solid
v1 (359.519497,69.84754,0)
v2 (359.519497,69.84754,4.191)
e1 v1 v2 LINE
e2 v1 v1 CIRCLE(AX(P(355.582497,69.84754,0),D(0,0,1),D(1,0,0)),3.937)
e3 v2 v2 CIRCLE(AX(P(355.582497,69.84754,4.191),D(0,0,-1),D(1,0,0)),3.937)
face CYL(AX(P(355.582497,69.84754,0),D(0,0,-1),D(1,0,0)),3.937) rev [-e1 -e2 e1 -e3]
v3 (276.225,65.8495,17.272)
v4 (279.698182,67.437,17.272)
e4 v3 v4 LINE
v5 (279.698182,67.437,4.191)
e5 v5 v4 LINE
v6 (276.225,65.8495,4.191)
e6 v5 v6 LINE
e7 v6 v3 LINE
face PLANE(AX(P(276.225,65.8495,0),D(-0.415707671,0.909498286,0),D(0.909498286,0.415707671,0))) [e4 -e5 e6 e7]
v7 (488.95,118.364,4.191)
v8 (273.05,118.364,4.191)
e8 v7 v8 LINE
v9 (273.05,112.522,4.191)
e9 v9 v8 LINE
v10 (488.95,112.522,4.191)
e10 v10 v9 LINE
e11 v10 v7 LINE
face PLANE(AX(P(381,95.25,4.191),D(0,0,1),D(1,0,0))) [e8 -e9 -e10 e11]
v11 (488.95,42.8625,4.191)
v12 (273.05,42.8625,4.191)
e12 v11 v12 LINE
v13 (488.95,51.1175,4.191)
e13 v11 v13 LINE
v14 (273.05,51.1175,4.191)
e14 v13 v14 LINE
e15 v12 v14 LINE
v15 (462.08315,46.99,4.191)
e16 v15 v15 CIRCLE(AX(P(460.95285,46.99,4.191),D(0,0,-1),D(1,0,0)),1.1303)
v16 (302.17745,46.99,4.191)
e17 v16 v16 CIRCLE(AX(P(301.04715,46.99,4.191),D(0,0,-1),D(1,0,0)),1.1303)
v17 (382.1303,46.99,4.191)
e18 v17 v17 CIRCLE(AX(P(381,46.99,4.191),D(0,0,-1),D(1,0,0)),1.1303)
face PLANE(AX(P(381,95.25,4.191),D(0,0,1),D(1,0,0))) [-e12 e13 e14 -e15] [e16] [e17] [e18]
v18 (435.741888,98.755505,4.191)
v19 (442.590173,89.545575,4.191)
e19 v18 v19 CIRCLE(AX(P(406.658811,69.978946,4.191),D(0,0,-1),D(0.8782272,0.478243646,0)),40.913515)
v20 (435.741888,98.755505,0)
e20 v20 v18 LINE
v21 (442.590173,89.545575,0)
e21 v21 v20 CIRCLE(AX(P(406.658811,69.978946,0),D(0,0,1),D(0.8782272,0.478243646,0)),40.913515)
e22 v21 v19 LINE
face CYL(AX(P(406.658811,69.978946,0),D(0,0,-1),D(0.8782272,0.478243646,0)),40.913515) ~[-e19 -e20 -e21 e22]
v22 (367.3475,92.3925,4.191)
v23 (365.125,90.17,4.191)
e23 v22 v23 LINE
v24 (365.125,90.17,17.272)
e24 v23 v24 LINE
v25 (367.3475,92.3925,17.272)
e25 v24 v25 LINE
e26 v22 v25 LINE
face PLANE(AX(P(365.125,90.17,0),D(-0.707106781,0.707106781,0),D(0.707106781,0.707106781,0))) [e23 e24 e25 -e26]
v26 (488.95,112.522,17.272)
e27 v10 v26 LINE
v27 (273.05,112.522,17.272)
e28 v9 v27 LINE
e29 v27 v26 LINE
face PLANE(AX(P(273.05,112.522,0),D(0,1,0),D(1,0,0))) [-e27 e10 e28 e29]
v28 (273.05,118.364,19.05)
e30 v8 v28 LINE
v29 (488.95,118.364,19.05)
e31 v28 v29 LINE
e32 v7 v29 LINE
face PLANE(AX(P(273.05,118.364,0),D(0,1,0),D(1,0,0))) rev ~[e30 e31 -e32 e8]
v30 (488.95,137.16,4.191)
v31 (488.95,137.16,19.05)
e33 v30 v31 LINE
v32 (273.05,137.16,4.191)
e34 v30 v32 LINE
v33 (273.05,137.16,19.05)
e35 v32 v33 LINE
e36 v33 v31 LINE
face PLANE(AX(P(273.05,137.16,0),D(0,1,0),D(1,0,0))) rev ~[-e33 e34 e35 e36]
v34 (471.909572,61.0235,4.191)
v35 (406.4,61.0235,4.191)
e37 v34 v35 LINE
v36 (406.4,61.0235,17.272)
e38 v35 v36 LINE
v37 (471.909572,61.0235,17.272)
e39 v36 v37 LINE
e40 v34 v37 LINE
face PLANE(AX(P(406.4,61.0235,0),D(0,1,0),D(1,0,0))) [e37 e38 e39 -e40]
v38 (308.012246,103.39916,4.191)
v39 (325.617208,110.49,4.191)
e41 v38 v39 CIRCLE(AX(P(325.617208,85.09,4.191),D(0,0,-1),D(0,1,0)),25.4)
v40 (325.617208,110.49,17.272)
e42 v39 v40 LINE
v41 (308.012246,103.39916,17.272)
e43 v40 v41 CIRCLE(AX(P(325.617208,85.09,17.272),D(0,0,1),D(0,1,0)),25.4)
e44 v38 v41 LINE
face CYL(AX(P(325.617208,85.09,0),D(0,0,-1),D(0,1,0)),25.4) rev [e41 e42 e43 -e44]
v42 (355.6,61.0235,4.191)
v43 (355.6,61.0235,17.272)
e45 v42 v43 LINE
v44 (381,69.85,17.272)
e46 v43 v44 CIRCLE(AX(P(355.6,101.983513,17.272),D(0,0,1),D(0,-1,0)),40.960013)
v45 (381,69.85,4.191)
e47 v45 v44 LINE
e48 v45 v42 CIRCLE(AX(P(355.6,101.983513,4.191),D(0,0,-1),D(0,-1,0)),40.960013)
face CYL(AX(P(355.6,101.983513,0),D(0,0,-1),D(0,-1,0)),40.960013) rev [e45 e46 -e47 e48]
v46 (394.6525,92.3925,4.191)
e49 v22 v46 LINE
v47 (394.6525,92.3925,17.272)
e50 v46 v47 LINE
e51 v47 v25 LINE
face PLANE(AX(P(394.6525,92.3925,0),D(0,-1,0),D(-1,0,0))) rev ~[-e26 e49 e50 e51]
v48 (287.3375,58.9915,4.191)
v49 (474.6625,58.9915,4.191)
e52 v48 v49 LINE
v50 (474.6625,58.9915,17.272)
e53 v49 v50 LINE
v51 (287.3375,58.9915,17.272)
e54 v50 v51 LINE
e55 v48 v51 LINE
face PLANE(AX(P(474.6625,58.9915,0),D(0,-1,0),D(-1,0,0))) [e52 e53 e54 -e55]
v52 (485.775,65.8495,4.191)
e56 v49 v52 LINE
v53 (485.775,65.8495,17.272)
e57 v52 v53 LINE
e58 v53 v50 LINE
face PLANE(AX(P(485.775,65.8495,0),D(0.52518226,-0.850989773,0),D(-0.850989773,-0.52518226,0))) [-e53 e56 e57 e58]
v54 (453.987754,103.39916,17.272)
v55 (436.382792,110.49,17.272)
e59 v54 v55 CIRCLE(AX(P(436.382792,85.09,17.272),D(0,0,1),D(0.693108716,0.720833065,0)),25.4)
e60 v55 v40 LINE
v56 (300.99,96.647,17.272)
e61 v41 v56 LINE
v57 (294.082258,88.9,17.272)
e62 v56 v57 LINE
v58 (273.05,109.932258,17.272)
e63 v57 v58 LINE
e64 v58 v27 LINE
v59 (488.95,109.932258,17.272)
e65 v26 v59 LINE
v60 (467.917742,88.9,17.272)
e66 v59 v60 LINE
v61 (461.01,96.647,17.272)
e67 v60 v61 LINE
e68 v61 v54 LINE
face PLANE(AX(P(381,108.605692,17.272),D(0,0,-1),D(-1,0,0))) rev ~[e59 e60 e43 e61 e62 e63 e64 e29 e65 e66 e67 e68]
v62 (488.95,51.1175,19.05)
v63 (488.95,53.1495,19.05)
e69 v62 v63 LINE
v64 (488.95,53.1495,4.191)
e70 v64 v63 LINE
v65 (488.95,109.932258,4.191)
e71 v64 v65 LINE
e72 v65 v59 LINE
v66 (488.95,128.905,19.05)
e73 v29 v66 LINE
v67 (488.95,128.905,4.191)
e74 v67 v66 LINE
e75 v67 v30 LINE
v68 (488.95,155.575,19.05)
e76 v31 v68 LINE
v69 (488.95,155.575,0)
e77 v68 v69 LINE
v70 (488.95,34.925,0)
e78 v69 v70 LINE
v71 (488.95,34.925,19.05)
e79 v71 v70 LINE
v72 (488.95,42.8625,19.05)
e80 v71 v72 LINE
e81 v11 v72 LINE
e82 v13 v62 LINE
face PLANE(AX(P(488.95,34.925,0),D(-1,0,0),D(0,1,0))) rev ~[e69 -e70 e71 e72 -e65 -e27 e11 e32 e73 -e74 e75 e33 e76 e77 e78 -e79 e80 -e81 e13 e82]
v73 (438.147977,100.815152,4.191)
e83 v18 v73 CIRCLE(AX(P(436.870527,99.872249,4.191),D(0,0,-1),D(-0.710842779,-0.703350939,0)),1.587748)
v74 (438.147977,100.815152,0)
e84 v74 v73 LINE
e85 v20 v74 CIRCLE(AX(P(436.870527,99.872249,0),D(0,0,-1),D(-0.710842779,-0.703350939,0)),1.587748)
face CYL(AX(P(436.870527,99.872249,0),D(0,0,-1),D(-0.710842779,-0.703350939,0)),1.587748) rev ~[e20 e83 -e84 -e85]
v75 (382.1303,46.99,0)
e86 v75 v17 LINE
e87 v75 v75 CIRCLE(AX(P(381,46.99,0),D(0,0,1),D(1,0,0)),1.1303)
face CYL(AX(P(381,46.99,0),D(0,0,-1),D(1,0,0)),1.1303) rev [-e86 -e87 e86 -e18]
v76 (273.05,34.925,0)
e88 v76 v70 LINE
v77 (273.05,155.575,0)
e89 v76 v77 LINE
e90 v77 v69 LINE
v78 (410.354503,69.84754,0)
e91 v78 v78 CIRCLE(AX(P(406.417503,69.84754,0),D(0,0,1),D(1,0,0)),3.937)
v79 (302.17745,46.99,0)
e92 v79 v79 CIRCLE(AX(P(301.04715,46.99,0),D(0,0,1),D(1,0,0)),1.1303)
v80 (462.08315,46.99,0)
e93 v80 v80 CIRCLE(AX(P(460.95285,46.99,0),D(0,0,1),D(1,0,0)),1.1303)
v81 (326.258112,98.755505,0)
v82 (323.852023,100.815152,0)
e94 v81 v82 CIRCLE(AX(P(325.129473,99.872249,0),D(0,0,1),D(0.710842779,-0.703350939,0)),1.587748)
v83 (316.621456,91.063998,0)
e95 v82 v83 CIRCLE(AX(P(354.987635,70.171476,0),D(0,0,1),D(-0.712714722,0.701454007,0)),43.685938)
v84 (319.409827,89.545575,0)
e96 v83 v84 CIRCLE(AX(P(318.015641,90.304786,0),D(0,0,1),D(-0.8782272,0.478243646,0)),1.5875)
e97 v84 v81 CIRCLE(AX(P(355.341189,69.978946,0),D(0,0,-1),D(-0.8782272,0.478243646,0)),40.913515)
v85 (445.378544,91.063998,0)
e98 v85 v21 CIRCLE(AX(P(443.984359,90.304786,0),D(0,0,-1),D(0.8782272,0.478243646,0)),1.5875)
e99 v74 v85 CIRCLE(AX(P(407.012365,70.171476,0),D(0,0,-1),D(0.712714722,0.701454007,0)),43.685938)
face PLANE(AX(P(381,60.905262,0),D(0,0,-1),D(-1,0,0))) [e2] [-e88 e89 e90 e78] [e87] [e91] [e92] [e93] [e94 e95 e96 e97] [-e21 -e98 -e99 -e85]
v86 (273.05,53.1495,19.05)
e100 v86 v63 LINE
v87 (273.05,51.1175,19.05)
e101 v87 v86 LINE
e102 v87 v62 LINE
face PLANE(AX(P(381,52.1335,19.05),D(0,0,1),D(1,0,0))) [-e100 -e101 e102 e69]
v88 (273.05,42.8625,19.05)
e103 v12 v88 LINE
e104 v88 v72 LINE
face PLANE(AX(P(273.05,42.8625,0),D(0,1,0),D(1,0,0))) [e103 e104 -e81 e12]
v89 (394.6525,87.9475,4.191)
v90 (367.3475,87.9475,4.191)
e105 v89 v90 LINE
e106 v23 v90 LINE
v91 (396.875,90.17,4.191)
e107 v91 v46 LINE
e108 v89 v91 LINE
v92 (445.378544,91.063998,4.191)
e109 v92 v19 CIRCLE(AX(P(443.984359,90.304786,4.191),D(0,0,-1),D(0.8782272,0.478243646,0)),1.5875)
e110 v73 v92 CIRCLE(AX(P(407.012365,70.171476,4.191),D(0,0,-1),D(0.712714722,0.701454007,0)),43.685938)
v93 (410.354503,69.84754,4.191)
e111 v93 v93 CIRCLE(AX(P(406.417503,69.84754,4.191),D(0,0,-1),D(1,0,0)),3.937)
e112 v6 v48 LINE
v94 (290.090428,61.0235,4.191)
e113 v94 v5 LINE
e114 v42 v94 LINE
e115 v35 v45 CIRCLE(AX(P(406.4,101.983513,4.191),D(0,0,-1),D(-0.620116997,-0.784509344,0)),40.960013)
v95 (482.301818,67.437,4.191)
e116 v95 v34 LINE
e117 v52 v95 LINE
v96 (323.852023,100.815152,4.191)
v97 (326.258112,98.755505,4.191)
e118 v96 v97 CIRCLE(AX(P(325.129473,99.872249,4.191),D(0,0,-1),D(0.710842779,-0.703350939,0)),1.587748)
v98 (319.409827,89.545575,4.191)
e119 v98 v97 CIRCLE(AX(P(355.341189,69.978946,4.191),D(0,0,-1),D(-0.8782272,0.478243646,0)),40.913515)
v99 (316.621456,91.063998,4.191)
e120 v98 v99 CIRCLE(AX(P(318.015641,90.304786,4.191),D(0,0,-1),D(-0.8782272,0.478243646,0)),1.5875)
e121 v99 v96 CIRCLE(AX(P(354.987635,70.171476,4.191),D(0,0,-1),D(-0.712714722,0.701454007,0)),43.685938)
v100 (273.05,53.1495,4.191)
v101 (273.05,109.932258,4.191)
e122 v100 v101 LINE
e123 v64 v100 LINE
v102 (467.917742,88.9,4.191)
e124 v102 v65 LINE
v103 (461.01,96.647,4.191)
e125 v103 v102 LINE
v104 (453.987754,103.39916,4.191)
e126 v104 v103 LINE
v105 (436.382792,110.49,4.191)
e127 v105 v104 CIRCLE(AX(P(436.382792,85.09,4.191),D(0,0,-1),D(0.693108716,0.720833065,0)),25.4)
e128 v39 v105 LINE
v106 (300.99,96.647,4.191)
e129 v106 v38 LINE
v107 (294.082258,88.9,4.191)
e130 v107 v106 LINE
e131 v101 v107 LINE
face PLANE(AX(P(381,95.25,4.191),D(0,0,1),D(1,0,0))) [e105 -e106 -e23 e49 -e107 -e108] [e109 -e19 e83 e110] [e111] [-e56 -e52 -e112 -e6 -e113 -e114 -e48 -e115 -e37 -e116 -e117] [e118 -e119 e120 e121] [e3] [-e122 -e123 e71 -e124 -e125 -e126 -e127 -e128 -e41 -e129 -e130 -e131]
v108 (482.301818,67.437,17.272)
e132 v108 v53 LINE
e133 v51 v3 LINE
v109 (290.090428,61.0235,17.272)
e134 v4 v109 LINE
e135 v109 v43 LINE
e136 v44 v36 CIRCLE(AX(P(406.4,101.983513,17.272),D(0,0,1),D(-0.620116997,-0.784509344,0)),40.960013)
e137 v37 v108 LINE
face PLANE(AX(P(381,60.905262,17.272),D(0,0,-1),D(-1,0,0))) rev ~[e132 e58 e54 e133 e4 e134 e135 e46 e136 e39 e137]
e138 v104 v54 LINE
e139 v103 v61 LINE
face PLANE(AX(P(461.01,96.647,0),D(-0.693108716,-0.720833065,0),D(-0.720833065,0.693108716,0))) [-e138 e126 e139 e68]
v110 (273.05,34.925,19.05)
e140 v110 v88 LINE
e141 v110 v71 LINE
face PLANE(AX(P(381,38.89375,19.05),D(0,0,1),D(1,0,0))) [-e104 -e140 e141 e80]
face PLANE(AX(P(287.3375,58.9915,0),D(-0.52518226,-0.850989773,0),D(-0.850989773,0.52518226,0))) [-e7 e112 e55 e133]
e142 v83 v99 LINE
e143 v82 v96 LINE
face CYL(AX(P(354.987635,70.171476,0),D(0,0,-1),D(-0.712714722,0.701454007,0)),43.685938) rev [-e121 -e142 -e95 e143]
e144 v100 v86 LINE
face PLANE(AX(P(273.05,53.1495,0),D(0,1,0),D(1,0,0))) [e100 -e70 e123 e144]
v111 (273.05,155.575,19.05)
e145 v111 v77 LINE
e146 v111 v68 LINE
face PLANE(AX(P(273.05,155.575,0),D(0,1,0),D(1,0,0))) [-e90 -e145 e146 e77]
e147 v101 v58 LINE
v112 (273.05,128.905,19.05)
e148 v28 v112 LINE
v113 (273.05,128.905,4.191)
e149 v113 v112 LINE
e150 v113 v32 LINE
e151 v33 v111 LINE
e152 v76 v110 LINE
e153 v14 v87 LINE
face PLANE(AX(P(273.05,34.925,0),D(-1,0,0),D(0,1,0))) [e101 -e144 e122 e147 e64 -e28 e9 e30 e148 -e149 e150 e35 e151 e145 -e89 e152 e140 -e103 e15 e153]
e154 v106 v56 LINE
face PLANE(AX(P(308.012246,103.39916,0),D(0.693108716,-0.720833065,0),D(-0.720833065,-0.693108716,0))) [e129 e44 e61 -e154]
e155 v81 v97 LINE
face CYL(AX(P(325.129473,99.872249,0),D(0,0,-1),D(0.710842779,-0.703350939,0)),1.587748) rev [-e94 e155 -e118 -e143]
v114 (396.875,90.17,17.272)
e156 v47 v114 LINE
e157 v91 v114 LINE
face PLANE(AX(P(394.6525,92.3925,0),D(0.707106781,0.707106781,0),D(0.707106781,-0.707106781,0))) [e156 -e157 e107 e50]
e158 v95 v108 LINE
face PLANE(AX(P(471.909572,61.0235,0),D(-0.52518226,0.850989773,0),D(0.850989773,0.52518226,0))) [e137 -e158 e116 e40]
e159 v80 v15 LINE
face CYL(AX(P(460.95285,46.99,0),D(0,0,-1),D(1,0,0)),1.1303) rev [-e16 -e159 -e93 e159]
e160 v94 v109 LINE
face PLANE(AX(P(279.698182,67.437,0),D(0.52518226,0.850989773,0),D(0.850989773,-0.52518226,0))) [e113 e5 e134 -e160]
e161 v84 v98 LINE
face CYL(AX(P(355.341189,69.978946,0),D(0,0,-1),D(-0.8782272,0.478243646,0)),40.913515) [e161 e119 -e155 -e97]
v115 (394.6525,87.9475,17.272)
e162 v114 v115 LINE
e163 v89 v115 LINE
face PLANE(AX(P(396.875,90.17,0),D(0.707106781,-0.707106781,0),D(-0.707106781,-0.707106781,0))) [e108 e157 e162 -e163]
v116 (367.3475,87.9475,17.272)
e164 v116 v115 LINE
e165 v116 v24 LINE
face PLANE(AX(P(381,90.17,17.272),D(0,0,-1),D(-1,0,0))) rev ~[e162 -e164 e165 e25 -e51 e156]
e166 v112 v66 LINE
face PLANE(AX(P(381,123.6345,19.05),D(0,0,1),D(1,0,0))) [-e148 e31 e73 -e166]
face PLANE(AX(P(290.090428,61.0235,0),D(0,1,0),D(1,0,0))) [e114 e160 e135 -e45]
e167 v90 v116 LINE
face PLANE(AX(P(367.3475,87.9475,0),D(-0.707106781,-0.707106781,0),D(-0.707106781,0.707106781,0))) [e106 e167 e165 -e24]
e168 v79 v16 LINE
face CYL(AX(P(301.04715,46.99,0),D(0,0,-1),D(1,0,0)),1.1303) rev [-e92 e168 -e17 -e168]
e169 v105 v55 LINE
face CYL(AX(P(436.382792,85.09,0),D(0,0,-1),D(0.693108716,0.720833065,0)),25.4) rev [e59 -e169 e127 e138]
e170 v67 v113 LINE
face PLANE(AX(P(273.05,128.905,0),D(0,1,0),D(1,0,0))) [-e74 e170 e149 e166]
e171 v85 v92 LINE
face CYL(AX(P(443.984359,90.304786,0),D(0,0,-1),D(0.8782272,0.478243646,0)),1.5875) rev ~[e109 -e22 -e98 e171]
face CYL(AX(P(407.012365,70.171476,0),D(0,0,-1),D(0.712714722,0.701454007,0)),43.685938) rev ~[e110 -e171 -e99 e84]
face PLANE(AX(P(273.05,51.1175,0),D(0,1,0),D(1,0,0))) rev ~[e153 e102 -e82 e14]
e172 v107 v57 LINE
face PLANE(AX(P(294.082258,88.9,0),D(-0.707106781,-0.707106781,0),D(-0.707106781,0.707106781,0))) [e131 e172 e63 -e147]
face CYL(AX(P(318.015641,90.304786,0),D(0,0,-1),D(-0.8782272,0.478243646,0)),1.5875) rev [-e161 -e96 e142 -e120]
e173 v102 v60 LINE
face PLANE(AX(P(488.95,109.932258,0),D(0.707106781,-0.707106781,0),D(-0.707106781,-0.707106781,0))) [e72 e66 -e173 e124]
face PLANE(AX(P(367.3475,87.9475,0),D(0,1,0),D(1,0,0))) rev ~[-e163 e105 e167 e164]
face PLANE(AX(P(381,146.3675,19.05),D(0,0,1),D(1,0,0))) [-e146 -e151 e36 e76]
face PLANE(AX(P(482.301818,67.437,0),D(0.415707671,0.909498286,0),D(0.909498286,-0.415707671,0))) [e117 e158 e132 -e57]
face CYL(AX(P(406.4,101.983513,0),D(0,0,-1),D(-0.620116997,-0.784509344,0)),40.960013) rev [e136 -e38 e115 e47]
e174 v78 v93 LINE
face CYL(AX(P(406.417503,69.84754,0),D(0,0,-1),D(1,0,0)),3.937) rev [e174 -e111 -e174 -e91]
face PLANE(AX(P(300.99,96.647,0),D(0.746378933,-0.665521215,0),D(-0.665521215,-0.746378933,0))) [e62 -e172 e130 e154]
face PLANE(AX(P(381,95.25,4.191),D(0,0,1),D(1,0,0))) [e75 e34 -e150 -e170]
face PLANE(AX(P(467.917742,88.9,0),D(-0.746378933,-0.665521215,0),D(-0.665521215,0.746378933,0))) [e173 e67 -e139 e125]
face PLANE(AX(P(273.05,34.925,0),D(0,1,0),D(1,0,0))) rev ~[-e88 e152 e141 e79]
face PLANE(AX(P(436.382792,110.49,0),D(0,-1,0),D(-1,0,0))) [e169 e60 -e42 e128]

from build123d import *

# Parameters (mm, degrees)
SKETCH3_W          = 215.9
SKETCH3_H          = 120.65
EXTRUDE1_DEPTH     = 4.191
SKETCH4_W          = 215.9
SKETCH4_H          = 18.415
SKETCH4_H_2        = 10.541
SKETCH4_H_3        = 7.9375
SKETCH4_H_4        = 2.032
EXTRUDE2_DEPTH     = 19.05
EXTRUDE3_DEPTH     = 17.272
SKETCH8_R          = 3.937
SKETCH8_R_2        = 1.1303
CUT_EXTRUDE1_DEPTH = 19.05


with BuildPart() as part:
    # Sketch3 → Extrude1 (new body)
    with BuildSketch(Plane.XY):
        with Locations((381, 95.25)):
            Rectangle(SKETCH3_W, SKETCH3_H)
    extrude(amount=EXTRUDE1_DEPTH)

    # Sketch4 → Extrude2 (add)
    with BuildSketch(Plane.XY):
        with Locations((381, 146.3675)):
            Rectangle(SKETCH4_W, SKETCH4_H)
        with Locations((381, 123.6345)):
            Rectangle(SKETCH4_W, SKETCH4_H_2)
        with Locations((381, 38.89375)):
            Rectangle(SKETCH4_W, SKETCH4_H_3)
        with Locations((381, 52.1335)):
            Rectangle(SKETCH4_W, SKETCH4_H_4)
    extrude(amount=EXTRUDE2_DEPTH)

    # Sketch5 → Extrude3 (add)
    with BuildSketch(Plane.XY):
        with BuildLine():
            Line((381, 58.9915), (287.3375, 58.9915))
            Line((287.3375, 58.9915), (276.225, 65.8495))
            Line((276.225, 65.8495), (279.698182312, 67.437))
            Line((279.698182312, 67.437), (290.090427682, 61.0235))
            Line((290.090427682, 61.0235), (355.6, 61.0235))
            ThreePointArc((355.6, 61.0235), (369.044953535, 63.29299882), (381.000000001, 69.85))
            ThreePointArc((381.000000001, 69.85), (392.955046465, 63.29299882), (406.4, 61.0235))
            Line((406.4, 61.0235), (471.909572318, 61.0235))
            Line((471.909572318, 61.0235), (482.301817688, 67.437))
            Line((482.301817688, 67.437), (485.775, 65.8495))
            Line((485.775, 65.8495), (474.6625, 58.9915))
            Line((474.6625, 58.9915), (381, 58.9915))
        make_face()
        Polygon((381, 87.9475), (367.3475, 87.9475), (365.125, 90.17), (367.3475, 92.3925), (381, 92.3925), (394.6525, 92.3925), (396.875, 90.17), (394.6525, 87.9475), align=None)
        with BuildLine():
            Line((436.382792366, 110.49), (325.617207634, 110.49))
            ThreePointArc((325.617207634, 110.49), (316.127546422, 108.650694601), (308.012246242, 103.399159848))
            Line((308.012246242, 103.399159848), (300.99, 96.647))
            Line((300.99, 96.647), (294.082258334, 88.9))
            Line((294.082258334, 88.9), (273.05, 109.932258334))
            Line((273.05, 109.932258334), (273.05, 112.522))
            Line((273.05, 112.522), (488.95, 112.522))
            Line((488.95, 112.522), (488.95, 109.932258334))
            Line((488.95, 109.932258334), (467.917741666, 88.9))
            Line((467.917741666, 88.9), (461.01, 96.647))
            Line((461.01, 96.647), (453.987753758, 103.399159848))
            ThreePointArc((453.987753758, 103.399159848), (445.872453578, 108.650694601), (436.382792366, 110.49))
        make_face()
    extrude(amount=EXTRUDE3_DEPTH)

    # Sketch8 → Cut-Extrude1 (cut)
    with BuildSketch(Plane.XY):
        with Locations((355.582497028, 69.847540117)):
            Circle(SKETCH8_R)
        with Locations((406.417502972, 69.847540117)):
            Circle(SKETCH8_R)
        with Locations((381, 46.99)):
            Circle(SKETCH8_R_2)
        with Locations((460.95285, 46.99)):
            Circle(SKETCH8_R_2)
        with Locations((301.04715, 46.99)):
            Circle(SKETCH8_R_2)
        with BuildLine():
            ThreePointArc((319.409826978, 89.545574531), (322.509420435, 94.391866743), (326.25811196, 98.755505093))
            ThreePointArc((326.25811196, 98.755505093), (326.161980776, 101.078429217), (323.852023449, 100.815152101))
            ThreePointArc((323.852023449, 100.815152101), (319.896382713, 96.191952728), (316.621455618, 91.063998107))
            ThreePointArc((316.621455618, 91.063998107), (317.25642951, 88.910600639), (319.409826978, 89.545574531))
        make_face()
        with BuildLine():
            ThreePointArc((438.147976551, 100.815152101), (442.103617287, 96.191952728), (445.378544382, 91.063998107))
            ThreePointArc((445.378544382, 91.063998107), (444.74357049, 88.910600639), (442.590173022, 89.545574531))
            ThreePointArc((442.590173022, 89.545574531), (439.490579565, 94.391866743), (435.74188804, 98.755505093))
            ThreePointArc((435.74188804, 98.755505093), (435.838019224, 101.078429217), (438.147976551, 100.815152101))
        make_face()
    extrude(amount=CUT_EXTRUDE1_DEPTH, mode=Mode.SUBTRACT)


solid = part.part
